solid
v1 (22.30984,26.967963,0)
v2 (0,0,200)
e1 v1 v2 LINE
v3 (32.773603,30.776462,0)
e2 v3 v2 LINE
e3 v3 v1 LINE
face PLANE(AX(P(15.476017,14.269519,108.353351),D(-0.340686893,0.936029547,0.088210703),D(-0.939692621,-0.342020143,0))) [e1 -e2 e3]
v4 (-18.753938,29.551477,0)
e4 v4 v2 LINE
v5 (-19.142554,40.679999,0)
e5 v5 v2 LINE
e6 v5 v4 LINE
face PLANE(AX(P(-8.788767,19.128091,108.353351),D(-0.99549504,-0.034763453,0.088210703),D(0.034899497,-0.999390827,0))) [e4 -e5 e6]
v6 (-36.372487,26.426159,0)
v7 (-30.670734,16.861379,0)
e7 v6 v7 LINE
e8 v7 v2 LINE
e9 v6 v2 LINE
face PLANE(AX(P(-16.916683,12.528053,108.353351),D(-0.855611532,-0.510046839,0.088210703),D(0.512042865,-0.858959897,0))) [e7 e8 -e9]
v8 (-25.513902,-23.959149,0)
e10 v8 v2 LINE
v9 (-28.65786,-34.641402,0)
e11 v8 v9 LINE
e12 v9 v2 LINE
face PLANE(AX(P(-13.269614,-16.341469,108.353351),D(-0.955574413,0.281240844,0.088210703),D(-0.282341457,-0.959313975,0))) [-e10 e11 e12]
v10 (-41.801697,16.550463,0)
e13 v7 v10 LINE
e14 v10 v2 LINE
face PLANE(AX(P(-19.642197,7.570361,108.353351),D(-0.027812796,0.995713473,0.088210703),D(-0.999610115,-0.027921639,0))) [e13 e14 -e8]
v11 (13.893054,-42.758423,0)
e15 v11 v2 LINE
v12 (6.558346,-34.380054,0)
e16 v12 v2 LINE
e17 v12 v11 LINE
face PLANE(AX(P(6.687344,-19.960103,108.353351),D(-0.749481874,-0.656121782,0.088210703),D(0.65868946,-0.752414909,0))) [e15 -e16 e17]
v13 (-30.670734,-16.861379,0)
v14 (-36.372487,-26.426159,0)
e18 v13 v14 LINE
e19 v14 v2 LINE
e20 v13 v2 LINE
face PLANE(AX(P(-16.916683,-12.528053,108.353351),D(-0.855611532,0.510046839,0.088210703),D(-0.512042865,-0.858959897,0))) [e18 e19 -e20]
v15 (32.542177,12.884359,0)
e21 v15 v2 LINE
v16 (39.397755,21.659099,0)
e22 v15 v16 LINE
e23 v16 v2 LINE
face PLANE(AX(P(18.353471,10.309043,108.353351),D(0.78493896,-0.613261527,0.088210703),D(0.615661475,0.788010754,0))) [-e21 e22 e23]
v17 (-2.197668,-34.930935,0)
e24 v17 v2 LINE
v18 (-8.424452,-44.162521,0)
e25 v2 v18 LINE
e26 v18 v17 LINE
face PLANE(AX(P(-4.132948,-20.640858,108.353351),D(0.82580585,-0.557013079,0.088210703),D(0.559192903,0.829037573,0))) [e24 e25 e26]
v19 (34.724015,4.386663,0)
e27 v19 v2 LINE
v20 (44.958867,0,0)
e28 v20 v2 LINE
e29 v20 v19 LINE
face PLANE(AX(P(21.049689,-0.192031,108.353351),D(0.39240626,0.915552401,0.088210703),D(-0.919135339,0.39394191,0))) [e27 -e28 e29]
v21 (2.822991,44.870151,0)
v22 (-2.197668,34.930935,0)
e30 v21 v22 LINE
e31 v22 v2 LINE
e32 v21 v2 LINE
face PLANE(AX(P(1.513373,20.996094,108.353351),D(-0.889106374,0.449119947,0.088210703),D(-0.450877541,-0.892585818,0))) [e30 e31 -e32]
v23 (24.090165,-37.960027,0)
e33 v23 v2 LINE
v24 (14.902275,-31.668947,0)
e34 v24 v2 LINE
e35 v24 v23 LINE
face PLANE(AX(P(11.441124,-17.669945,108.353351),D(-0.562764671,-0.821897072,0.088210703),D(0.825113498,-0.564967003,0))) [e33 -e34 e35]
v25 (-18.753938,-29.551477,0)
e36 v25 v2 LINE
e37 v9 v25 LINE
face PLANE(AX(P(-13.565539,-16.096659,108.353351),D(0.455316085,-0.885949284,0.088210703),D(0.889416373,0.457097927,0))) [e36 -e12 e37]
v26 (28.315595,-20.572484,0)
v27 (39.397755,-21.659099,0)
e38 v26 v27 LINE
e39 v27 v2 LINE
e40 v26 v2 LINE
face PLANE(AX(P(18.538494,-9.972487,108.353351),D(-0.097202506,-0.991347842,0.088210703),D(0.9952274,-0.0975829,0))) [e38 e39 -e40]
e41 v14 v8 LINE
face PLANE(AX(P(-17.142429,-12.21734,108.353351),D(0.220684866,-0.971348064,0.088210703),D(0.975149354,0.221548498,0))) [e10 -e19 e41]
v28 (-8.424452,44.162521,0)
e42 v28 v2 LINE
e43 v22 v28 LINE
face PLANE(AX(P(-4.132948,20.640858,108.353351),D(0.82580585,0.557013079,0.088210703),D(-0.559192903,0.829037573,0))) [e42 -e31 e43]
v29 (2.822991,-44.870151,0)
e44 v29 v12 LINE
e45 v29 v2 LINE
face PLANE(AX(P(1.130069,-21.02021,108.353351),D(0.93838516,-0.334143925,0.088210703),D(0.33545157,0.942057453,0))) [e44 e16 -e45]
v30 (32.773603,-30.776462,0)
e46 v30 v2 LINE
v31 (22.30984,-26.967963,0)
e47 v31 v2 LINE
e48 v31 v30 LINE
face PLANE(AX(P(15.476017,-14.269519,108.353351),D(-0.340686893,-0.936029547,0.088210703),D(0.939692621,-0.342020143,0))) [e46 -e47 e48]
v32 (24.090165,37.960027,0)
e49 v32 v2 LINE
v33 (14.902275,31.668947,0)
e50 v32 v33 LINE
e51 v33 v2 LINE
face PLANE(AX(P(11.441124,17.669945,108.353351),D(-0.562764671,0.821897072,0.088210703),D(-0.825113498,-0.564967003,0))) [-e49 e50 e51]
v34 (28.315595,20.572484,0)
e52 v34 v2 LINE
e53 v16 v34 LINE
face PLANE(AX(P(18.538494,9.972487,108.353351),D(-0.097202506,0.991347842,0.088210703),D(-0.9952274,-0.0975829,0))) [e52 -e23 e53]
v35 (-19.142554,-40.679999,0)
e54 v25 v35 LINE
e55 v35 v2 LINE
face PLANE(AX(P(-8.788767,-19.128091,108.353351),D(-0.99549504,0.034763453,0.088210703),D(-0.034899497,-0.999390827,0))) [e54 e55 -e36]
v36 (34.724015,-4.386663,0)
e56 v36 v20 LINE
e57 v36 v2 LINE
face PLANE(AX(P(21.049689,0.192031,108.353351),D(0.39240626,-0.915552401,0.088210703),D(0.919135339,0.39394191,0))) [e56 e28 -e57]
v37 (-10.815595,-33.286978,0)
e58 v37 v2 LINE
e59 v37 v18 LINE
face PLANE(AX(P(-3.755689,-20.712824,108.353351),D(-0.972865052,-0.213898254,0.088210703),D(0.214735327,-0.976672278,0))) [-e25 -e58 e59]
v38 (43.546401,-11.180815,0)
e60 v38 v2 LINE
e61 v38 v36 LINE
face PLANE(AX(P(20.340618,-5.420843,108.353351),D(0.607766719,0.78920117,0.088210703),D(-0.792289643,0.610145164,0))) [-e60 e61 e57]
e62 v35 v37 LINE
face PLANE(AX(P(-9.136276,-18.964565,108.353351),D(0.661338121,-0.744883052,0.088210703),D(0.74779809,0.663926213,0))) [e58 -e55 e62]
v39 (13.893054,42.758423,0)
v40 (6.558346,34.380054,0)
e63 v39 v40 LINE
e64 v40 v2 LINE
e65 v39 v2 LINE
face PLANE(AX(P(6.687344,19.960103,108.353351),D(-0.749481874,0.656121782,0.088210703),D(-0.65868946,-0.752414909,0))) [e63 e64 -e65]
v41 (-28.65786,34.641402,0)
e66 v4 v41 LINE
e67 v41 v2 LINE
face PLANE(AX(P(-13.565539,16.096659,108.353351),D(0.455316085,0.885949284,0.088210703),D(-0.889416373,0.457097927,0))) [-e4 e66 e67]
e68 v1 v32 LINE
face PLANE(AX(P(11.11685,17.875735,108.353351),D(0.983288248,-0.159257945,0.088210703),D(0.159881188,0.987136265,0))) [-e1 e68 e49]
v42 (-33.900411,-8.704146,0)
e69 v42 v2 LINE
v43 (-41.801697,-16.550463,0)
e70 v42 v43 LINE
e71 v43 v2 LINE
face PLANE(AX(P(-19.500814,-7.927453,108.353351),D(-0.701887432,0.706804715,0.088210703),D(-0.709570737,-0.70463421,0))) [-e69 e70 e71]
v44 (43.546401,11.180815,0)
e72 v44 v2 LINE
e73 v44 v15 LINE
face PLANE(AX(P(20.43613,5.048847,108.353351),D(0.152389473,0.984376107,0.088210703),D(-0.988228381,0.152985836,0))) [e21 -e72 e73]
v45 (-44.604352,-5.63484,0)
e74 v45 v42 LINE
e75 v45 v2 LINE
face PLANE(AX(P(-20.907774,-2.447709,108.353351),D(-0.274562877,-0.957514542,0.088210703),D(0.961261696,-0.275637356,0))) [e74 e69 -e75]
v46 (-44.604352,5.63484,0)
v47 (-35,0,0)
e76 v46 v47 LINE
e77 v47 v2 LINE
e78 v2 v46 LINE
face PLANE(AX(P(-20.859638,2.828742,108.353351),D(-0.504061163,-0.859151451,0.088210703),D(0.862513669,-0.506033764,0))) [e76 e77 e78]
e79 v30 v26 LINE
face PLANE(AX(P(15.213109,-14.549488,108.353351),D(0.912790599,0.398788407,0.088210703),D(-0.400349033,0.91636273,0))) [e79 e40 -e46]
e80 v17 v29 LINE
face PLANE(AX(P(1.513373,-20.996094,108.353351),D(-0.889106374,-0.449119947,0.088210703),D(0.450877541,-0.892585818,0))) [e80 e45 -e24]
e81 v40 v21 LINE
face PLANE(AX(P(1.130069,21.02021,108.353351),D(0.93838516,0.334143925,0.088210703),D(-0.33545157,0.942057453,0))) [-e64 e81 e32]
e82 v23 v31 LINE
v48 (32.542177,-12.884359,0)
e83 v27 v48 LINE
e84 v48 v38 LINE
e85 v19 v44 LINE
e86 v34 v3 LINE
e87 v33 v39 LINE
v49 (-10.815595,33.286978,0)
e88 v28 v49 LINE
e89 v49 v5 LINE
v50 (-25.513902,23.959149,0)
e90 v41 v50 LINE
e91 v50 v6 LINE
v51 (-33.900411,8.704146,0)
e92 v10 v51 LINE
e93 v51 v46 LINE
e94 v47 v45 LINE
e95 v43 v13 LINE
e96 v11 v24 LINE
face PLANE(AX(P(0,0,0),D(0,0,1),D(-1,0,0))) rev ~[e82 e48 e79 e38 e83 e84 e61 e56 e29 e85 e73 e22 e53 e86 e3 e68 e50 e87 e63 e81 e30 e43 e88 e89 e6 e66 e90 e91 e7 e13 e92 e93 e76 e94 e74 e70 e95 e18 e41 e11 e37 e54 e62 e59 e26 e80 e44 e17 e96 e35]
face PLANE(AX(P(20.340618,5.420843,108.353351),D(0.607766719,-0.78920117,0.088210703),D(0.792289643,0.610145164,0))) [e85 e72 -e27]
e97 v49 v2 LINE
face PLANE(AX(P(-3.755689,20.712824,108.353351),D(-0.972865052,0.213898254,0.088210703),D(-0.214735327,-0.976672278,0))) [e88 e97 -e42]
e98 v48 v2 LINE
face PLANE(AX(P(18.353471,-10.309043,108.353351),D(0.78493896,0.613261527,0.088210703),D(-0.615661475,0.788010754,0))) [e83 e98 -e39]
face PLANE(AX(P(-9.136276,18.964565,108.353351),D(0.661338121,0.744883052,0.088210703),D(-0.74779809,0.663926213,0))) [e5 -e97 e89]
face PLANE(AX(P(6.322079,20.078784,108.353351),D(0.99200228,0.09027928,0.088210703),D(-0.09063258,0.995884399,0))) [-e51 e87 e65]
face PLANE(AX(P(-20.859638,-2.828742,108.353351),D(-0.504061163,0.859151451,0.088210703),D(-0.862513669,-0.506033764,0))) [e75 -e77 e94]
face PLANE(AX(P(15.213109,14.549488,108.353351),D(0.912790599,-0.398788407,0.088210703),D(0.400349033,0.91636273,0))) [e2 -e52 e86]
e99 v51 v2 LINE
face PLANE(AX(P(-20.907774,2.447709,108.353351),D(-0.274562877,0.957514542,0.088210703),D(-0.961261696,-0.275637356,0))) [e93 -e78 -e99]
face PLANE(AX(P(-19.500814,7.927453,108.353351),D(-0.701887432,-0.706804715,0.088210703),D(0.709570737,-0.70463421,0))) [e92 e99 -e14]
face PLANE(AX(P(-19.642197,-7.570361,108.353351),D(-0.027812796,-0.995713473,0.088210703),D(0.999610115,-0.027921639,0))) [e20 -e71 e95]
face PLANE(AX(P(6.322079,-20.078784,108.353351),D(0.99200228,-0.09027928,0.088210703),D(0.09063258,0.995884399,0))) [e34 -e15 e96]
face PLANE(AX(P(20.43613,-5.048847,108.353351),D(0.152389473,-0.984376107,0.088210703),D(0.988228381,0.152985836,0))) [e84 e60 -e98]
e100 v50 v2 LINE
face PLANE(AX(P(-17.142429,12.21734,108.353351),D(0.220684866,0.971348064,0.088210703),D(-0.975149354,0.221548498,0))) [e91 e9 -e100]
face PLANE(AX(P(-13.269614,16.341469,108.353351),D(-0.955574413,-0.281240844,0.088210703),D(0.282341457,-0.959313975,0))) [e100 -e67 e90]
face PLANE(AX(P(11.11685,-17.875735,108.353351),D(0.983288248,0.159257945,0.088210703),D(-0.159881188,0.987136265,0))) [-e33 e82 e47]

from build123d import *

# Parameters (mm, degrees)
F8_COUNT = 25


with BuildPart() as f1:
    # F0 (on Front) → F1 (revolve)
    with BuildSketch(Plane.XZ):
        Polygon((-45, 0), (0, 0), (0, 200), align=None)
    revolve(axis=Axis((0, 0, 100), (0, 0, 1)))


with BuildPart() as f7:
    # F7: sweep along a path in F6
    with BuildLine(Plane.XZ) as f7_path:
        Line((-35, 0), (2.9236729855, 216.7067027743))
    # F5 (on face) → F7 (sweep)
    with BuildSketch(Plane(origin=(0, 0, 0), x_dir=(1, 0, 0), z_dir=(0, 0, -1))):
        with BuildLine():
            Line((-44.6429487171, -5.6574844095), (-35, 0))
            Line((-35, 0), (-44.6429487171, 5.6574844095))
            ThreePointArc((-44.6429487171, 5.6574844095), (-45, 0), (-44.6429487171, -5.6574844095))
        make_face()
    sweep(path=f7_path.line)


with BuildPart() as f8_1:
    # F8: instance of F7
    add(f7.part.rotate(Axis((0, 0, 0), (0, 0, 1)), 1 * 360 / F8_COUNT))


with BuildPart() as f8_2:
    # F8: instance of F7
    add(f7.part.rotate(Axis((0, 0, 0), (0, 0, 1)), 2 * 360 / F8_COUNT))


with BuildPart() as f8_3:
    # F8: instance of F7
    add(f7.part.rotate(Axis((0, 0, 0), (0, 0, 1)), 3 * 360 / F8_COUNT))


with BuildPart() as f8_4:
    # F8: instance of F7
    add(f7.part.rotate(Axis((0, 0, 0), (0, 0, 1)), 4 * 360 / F8_COUNT))


with BuildPart() as f8_5:
    # F8: instance of F7
    add(f7.part.rotate(Axis((0, 0, 0), (0, 0, 1)), 5 * 360 / F8_COUNT))


with BuildPart() as f8_6:
    # F8: instance of F7
    add(f7.part.rotate(Axis((0, 0, 0), (0, 0, 1)), 6 * 360 / F8_COUNT))


with BuildPart() as f8_7:
    # F8: instance of F7
    add(f7.part.rotate(Axis((0, 0, 0), (0, 0, 1)), 7 * 360 / F8_COUNT))


with BuildPart() as f8_8:
    # F8: instance of F7
    add(f7.part.rotate(Axis((0, 0, 0), (0, 0, 1)), 8 * 360 / F8_COUNT))


with BuildPart() as f8_9:
    # F8: instance of F7
    add(f7.part.rotate(Axis((0, 0, 0), (0, 0, 1)), 9 * 360 / F8_COUNT))


with BuildPart() as f8_10:
    # F8: instance of F7
    add(f7.part.rotate(Axis((0, 0, 0), (0, 0, 1)), 10 * 360 / F8_COUNT))


with BuildPart() as f8_11:
    # F8: instance of F7
    add(f7.part.rotate(Axis((0, 0, 0), (0, 0, 1)), 11 * 360 / F8_COUNT))


with BuildPart() as f8_12:
    # F8: instance of F7
    add(f7.part.rotate(Axis((0, 0, 0), (0, 0, 1)), 12 * 360 / F8_COUNT))


with BuildPart() as f8_13:
    # F8: instance of F7
    add(f7.part.rotate(Axis((0, 0, 0), (0, 0, 1)), 13 * 360 / F8_COUNT))


with BuildPart() as f8_14:
    # F8: instance of F7
    add(f7.part.rotate(Axis((0, 0, 0), (0, 0, 1)), 14 * 360 / F8_COUNT))


with BuildPart() as f8_15:
    # F8: instance of F7
    add(f7.part.rotate(Axis((0, 0, 0), (0, 0, 1)), 15 * 360 / F8_COUNT))


with BuildPart() as f8_16:
    # F8: instance of F7
    add(f7.part.rotate(Axis((0, 0, 0), (0, 0, 1)), 16 * 360 / F8_COUNT))


with BuildPart() as f8_17:
    # F8: instance of F7
    add(f7.part.rotate(Axis((0, 0, 0), (0, 0, 1)), 17 * 360 / F8_COUNT))


with BuildPart() as f8_18:
    # F8: instance of F7
    add(f7.part.rotate(Axis((0, 0, 0), (0, 0, 1)), 18 * 360 / F8_COUNT))


with BuildPart() as f8_19:
    # F8: instance of F7
    add(f7.part.rotate(Axis((0, 0, 0), (0, 0, 1)), 19 * 360 / F8_COUNT))


with BuildPart() as f8_20:
    # F8: instance of F7
    add(f7.part.rotate(Axis((0, 0, 0), (0, 0, 1)), 20 * 360 / F8_COUNT))


with BuildPart() as f8_21:
    # F8: instance of F7
    add(f7.part.rotate(Axis((0, 0, 0), (0, 0, 1)), 21 * 360 / F8_COUNT))


with BuildPart() as f8_22:
    # F8: instance of F7
    add(f7.part.rotate(Axis((0, 0, 0), (0, 0, 1)), 22 * 360 / F8_COUNT))


with BuildPart() as f8_23:
    # F8: instance of F7
    add(f7.part.rotate(Axis((0, 0, 0), (0, 0, 1)), 23 * 360 / F8_COUNT))


with BuildPart() as f8_24:
    # F8: instance of F7
    add(f7.part.rotate(Axis((0, 0, 0), (0, 0, 1)), 24 * 360 / F8_COUNT))


with BuildPart() as f1_1:
    add(f1.part)

    # F9: cut F7, F8_1, F8_2, F8_3, F8_6, F8_7, F8_8, F8_9, F8_10, F8_11, F8_12, F8_13, F8_14, F8_15, F8_16, F8_17, F8_18, F8_19, F8_20, F8_21, F8_22, F8_23, F8_24, F8_4, F8_5
    add(f7.part, mode=Mode.SUBTRACT)
    add(f8_1.part, mode=Mode.SUBTRACT)
    add(f8_2.part, mode=Mode.SUBTRACT)
    add(f8_3.part, mode=Mode.SUBTRACT)
    add(f8_6.part, mode=Mode.SUBTRACT)
    add(f8_7.part, mode=Mode.SUBTRACT)
    add(f8_8.part, mode=Mode.SUBTRACT)
    add(f8_9.part, mode=Mode.SUBTRACT)
    add(f8_10.part, mode=Mode.SUBTRACT)
    add(f8_11.part, mode=Mode.SUBTRACT)
    add(f8_12.part, mode=Mode.SUBTRACT)
    add(f8_13.part, mode=Mode.SUBTRACT)
    add(f8_14.part, mode=Mode.SUBTRACT)
    add(f8_15.part, mode=Mode.SUBTRACT)
    add(f8_16.part, mode=Mode.SUBTRACT)
    add(f8_17.part, mode=Mode.SUBTRACT)
    add(f8_18.part, mode=Mode.SUBTRACT)
    add(f8_19.part, mode=Mode.SUBTRACT)
    add(f8_20.part, mode=Mode.SUBTRACT)
    add(f8_21.part, mode=Mode.SUBTRACT)
    add(f8_22.part, mode=Mode.SUBTRACT)
    add(f8_23.part, mode=Mode.SUBTRACT)
    add(f8_24.part, mode=Mode.SUBTRACT)
    add(f8_4.part, mode=Mode.SUBTRACT)
    add(f8_5.part, mode=Mode.SUBTRACT)


solid = f1_1.part
